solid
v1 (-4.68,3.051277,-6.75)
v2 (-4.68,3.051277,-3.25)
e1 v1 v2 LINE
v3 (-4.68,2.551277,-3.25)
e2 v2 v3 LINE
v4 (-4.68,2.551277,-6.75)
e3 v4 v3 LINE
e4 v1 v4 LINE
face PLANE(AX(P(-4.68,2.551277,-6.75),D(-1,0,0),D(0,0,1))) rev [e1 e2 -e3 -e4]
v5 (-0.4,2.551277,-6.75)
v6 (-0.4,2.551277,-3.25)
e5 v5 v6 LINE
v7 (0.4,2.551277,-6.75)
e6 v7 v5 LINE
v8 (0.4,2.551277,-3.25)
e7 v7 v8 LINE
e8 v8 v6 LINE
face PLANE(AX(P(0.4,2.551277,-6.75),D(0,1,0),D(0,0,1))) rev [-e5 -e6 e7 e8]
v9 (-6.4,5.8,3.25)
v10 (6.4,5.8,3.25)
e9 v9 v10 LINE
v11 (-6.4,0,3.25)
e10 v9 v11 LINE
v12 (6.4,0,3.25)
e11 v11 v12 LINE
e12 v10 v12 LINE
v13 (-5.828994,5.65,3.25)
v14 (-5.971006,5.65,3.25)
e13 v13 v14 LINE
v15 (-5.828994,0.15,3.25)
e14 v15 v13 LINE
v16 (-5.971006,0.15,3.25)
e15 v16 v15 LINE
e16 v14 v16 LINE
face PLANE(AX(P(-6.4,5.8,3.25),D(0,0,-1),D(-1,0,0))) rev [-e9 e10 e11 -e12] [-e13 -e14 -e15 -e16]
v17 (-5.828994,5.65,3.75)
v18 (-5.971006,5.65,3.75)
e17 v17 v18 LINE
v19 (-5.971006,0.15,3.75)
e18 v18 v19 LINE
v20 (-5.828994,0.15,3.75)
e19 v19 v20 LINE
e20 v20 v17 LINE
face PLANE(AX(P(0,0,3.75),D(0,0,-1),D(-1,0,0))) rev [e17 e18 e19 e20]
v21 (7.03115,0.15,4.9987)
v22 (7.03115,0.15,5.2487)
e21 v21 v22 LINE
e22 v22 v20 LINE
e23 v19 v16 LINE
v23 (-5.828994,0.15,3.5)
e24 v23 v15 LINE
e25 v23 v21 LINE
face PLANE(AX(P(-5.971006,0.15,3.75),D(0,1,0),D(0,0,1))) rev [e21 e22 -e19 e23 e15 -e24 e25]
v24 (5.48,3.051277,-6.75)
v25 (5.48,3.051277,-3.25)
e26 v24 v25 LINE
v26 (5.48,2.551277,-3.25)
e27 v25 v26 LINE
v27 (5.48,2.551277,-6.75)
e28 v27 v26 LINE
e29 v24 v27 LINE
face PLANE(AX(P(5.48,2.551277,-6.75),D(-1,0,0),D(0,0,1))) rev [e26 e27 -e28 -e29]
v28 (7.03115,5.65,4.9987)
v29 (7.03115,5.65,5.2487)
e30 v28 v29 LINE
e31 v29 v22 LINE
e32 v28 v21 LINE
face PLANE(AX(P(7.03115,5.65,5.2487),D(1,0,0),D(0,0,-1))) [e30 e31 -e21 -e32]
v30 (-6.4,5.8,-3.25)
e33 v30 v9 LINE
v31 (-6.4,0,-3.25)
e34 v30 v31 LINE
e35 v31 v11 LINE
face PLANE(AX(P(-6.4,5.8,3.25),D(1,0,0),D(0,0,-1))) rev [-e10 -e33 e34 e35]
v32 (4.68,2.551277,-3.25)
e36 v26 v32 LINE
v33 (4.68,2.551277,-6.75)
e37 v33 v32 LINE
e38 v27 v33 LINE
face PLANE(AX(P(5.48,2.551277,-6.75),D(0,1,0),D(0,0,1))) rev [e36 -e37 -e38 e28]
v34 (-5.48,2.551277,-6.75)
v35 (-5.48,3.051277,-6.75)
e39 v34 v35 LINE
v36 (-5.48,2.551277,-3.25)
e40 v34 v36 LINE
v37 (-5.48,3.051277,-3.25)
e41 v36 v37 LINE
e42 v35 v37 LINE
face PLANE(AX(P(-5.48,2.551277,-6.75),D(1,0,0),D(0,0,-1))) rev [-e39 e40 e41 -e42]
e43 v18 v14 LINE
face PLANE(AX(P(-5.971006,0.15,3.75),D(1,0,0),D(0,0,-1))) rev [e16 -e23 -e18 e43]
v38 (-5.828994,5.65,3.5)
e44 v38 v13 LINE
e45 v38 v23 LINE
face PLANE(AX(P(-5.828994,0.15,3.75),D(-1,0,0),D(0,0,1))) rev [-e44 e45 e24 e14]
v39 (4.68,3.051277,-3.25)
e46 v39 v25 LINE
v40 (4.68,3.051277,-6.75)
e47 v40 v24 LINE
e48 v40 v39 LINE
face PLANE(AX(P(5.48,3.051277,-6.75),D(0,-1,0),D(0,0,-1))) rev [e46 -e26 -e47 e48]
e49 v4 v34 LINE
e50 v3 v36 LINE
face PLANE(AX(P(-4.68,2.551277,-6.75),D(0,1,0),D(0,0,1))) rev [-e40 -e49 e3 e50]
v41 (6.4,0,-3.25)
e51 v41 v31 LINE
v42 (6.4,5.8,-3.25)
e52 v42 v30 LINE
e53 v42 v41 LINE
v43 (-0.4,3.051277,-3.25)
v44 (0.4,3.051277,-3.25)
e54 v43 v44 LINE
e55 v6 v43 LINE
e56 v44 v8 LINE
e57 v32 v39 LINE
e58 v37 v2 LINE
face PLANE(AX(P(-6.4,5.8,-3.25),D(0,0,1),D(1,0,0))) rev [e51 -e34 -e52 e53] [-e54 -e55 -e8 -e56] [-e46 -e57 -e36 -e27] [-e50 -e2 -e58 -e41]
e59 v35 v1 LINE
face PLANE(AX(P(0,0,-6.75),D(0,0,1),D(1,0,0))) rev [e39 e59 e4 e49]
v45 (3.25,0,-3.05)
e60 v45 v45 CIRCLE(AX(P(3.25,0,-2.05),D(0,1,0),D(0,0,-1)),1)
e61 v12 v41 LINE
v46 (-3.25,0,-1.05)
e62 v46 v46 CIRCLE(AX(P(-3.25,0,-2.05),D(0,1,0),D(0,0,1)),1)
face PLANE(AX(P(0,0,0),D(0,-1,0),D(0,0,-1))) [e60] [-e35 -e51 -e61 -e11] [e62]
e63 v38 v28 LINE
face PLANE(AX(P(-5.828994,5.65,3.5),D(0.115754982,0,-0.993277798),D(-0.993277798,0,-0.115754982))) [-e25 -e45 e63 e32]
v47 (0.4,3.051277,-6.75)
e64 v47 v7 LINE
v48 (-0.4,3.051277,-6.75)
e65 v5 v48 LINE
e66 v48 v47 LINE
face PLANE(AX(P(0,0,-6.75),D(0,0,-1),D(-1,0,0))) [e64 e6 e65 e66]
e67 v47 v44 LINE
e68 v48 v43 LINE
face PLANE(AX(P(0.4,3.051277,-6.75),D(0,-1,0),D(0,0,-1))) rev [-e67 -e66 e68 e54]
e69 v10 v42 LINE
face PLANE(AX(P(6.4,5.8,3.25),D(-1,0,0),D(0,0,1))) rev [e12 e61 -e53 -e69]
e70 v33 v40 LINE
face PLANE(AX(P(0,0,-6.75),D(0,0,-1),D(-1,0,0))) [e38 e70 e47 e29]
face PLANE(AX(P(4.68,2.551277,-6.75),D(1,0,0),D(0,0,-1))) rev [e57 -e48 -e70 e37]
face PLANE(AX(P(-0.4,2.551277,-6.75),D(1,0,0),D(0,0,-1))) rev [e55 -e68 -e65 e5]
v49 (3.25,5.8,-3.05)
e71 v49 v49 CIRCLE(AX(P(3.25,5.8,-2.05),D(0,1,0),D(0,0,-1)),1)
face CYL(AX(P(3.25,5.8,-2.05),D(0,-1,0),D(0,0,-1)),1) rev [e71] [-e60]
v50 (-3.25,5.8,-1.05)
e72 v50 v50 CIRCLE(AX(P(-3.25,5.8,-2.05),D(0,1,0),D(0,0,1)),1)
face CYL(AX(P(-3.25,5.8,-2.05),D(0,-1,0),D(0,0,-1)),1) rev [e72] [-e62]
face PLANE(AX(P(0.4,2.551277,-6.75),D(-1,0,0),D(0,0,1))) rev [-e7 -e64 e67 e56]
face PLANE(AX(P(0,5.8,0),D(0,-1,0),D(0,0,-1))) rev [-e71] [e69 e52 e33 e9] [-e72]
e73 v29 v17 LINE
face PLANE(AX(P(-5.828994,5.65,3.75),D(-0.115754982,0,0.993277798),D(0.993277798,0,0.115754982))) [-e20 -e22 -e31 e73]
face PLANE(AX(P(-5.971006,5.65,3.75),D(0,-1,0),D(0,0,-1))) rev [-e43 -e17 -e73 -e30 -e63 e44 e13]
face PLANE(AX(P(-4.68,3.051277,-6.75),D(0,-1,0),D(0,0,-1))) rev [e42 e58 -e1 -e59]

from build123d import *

# Parameters (mm, degrees)
SKETCH_1_W      = 12.8
SKETCH_1_H      = 6.5
SKETCH_1_R      = 1
EXTRUDE_1_DEPTH = 5.8
SKETCH_2_W      = 0.8
SKETCH_2_H      = 0.5
EXTRUDE_2_DEPTH = 3.5
SKETCH_4_W      = 0.142011972
SKETCH_4_H      = 5.5
EXTRUDE_4_DEPTH = 0.5
EXTRUDE_5_DEPTH = 5.5


with BuildPart() as part:
    # 草图1 → 凸台-拉伸1 (new body)
    with BuildSketch(Plane(origin=(0, 0, 0), x_dir=(1, 0, 0), z_dir=(0, 1, 0))):
        Rectangle(SKETCH_1_W, SKETCH_1_H)
        with Locations(Location((-3.25, 2.05, 0), (0, 0, 270))):
            Circle(SKETCH_1_R, mode=Mode.SUBTRACT)
        with Locations(Location((3.25, 2.05, 0), (0, 0, 90))):
            Circle(SKETCH_1_R, mode=Mode.SUBTRACT)
    extrude(amount=EXTRUDE_1_DEPTH)

    # 草图2 → 凸台-拉伸2 (add)
    with BuildSketch(Plane(origin=(0, 0, -3.25), x_dir=(-1, 0, 0), z_dir=(0, 0, -1))):
        with Locations((0, 2.801277115)):
            Rectangle(SKETCH_2_W, SKETCH_2_H)
        with Locations((5.08, 2.801277115)):
            Rectangle(SKETCH_2_W, SKETCH_2_H)
        with Locations((-5.08, 2.801277115)):
            Rectangle(SKETCH_2_W, SKETCH_2_H)
    extrude(amount=EXTRUDE_2_DEPTH)

    # 草图4 → 凸台-拉伸4 (add)
    with BuildSketch(Plane.XY.offset(3.25)):
        with Locations((-5.9, 2.9)):
            Rectangle(SKETCH_4_W, SKETCH_4_H)
    extrude(amount=EXTRUDE_4_DEPTH)

    # 草图6 → 凸台-拉伸5 (add)
    with BuildSketch(Plane.XZ.offset(-0.15)):
        Polygon((-5.828994014, 3.75), (-5.828994014, 3.5), (7.03115002, 4.998700306), (7.03115002, 5.248700306), align=None)
    extrude(amount=-EXTRUDE_5_DEPTH)


solid = part.part
